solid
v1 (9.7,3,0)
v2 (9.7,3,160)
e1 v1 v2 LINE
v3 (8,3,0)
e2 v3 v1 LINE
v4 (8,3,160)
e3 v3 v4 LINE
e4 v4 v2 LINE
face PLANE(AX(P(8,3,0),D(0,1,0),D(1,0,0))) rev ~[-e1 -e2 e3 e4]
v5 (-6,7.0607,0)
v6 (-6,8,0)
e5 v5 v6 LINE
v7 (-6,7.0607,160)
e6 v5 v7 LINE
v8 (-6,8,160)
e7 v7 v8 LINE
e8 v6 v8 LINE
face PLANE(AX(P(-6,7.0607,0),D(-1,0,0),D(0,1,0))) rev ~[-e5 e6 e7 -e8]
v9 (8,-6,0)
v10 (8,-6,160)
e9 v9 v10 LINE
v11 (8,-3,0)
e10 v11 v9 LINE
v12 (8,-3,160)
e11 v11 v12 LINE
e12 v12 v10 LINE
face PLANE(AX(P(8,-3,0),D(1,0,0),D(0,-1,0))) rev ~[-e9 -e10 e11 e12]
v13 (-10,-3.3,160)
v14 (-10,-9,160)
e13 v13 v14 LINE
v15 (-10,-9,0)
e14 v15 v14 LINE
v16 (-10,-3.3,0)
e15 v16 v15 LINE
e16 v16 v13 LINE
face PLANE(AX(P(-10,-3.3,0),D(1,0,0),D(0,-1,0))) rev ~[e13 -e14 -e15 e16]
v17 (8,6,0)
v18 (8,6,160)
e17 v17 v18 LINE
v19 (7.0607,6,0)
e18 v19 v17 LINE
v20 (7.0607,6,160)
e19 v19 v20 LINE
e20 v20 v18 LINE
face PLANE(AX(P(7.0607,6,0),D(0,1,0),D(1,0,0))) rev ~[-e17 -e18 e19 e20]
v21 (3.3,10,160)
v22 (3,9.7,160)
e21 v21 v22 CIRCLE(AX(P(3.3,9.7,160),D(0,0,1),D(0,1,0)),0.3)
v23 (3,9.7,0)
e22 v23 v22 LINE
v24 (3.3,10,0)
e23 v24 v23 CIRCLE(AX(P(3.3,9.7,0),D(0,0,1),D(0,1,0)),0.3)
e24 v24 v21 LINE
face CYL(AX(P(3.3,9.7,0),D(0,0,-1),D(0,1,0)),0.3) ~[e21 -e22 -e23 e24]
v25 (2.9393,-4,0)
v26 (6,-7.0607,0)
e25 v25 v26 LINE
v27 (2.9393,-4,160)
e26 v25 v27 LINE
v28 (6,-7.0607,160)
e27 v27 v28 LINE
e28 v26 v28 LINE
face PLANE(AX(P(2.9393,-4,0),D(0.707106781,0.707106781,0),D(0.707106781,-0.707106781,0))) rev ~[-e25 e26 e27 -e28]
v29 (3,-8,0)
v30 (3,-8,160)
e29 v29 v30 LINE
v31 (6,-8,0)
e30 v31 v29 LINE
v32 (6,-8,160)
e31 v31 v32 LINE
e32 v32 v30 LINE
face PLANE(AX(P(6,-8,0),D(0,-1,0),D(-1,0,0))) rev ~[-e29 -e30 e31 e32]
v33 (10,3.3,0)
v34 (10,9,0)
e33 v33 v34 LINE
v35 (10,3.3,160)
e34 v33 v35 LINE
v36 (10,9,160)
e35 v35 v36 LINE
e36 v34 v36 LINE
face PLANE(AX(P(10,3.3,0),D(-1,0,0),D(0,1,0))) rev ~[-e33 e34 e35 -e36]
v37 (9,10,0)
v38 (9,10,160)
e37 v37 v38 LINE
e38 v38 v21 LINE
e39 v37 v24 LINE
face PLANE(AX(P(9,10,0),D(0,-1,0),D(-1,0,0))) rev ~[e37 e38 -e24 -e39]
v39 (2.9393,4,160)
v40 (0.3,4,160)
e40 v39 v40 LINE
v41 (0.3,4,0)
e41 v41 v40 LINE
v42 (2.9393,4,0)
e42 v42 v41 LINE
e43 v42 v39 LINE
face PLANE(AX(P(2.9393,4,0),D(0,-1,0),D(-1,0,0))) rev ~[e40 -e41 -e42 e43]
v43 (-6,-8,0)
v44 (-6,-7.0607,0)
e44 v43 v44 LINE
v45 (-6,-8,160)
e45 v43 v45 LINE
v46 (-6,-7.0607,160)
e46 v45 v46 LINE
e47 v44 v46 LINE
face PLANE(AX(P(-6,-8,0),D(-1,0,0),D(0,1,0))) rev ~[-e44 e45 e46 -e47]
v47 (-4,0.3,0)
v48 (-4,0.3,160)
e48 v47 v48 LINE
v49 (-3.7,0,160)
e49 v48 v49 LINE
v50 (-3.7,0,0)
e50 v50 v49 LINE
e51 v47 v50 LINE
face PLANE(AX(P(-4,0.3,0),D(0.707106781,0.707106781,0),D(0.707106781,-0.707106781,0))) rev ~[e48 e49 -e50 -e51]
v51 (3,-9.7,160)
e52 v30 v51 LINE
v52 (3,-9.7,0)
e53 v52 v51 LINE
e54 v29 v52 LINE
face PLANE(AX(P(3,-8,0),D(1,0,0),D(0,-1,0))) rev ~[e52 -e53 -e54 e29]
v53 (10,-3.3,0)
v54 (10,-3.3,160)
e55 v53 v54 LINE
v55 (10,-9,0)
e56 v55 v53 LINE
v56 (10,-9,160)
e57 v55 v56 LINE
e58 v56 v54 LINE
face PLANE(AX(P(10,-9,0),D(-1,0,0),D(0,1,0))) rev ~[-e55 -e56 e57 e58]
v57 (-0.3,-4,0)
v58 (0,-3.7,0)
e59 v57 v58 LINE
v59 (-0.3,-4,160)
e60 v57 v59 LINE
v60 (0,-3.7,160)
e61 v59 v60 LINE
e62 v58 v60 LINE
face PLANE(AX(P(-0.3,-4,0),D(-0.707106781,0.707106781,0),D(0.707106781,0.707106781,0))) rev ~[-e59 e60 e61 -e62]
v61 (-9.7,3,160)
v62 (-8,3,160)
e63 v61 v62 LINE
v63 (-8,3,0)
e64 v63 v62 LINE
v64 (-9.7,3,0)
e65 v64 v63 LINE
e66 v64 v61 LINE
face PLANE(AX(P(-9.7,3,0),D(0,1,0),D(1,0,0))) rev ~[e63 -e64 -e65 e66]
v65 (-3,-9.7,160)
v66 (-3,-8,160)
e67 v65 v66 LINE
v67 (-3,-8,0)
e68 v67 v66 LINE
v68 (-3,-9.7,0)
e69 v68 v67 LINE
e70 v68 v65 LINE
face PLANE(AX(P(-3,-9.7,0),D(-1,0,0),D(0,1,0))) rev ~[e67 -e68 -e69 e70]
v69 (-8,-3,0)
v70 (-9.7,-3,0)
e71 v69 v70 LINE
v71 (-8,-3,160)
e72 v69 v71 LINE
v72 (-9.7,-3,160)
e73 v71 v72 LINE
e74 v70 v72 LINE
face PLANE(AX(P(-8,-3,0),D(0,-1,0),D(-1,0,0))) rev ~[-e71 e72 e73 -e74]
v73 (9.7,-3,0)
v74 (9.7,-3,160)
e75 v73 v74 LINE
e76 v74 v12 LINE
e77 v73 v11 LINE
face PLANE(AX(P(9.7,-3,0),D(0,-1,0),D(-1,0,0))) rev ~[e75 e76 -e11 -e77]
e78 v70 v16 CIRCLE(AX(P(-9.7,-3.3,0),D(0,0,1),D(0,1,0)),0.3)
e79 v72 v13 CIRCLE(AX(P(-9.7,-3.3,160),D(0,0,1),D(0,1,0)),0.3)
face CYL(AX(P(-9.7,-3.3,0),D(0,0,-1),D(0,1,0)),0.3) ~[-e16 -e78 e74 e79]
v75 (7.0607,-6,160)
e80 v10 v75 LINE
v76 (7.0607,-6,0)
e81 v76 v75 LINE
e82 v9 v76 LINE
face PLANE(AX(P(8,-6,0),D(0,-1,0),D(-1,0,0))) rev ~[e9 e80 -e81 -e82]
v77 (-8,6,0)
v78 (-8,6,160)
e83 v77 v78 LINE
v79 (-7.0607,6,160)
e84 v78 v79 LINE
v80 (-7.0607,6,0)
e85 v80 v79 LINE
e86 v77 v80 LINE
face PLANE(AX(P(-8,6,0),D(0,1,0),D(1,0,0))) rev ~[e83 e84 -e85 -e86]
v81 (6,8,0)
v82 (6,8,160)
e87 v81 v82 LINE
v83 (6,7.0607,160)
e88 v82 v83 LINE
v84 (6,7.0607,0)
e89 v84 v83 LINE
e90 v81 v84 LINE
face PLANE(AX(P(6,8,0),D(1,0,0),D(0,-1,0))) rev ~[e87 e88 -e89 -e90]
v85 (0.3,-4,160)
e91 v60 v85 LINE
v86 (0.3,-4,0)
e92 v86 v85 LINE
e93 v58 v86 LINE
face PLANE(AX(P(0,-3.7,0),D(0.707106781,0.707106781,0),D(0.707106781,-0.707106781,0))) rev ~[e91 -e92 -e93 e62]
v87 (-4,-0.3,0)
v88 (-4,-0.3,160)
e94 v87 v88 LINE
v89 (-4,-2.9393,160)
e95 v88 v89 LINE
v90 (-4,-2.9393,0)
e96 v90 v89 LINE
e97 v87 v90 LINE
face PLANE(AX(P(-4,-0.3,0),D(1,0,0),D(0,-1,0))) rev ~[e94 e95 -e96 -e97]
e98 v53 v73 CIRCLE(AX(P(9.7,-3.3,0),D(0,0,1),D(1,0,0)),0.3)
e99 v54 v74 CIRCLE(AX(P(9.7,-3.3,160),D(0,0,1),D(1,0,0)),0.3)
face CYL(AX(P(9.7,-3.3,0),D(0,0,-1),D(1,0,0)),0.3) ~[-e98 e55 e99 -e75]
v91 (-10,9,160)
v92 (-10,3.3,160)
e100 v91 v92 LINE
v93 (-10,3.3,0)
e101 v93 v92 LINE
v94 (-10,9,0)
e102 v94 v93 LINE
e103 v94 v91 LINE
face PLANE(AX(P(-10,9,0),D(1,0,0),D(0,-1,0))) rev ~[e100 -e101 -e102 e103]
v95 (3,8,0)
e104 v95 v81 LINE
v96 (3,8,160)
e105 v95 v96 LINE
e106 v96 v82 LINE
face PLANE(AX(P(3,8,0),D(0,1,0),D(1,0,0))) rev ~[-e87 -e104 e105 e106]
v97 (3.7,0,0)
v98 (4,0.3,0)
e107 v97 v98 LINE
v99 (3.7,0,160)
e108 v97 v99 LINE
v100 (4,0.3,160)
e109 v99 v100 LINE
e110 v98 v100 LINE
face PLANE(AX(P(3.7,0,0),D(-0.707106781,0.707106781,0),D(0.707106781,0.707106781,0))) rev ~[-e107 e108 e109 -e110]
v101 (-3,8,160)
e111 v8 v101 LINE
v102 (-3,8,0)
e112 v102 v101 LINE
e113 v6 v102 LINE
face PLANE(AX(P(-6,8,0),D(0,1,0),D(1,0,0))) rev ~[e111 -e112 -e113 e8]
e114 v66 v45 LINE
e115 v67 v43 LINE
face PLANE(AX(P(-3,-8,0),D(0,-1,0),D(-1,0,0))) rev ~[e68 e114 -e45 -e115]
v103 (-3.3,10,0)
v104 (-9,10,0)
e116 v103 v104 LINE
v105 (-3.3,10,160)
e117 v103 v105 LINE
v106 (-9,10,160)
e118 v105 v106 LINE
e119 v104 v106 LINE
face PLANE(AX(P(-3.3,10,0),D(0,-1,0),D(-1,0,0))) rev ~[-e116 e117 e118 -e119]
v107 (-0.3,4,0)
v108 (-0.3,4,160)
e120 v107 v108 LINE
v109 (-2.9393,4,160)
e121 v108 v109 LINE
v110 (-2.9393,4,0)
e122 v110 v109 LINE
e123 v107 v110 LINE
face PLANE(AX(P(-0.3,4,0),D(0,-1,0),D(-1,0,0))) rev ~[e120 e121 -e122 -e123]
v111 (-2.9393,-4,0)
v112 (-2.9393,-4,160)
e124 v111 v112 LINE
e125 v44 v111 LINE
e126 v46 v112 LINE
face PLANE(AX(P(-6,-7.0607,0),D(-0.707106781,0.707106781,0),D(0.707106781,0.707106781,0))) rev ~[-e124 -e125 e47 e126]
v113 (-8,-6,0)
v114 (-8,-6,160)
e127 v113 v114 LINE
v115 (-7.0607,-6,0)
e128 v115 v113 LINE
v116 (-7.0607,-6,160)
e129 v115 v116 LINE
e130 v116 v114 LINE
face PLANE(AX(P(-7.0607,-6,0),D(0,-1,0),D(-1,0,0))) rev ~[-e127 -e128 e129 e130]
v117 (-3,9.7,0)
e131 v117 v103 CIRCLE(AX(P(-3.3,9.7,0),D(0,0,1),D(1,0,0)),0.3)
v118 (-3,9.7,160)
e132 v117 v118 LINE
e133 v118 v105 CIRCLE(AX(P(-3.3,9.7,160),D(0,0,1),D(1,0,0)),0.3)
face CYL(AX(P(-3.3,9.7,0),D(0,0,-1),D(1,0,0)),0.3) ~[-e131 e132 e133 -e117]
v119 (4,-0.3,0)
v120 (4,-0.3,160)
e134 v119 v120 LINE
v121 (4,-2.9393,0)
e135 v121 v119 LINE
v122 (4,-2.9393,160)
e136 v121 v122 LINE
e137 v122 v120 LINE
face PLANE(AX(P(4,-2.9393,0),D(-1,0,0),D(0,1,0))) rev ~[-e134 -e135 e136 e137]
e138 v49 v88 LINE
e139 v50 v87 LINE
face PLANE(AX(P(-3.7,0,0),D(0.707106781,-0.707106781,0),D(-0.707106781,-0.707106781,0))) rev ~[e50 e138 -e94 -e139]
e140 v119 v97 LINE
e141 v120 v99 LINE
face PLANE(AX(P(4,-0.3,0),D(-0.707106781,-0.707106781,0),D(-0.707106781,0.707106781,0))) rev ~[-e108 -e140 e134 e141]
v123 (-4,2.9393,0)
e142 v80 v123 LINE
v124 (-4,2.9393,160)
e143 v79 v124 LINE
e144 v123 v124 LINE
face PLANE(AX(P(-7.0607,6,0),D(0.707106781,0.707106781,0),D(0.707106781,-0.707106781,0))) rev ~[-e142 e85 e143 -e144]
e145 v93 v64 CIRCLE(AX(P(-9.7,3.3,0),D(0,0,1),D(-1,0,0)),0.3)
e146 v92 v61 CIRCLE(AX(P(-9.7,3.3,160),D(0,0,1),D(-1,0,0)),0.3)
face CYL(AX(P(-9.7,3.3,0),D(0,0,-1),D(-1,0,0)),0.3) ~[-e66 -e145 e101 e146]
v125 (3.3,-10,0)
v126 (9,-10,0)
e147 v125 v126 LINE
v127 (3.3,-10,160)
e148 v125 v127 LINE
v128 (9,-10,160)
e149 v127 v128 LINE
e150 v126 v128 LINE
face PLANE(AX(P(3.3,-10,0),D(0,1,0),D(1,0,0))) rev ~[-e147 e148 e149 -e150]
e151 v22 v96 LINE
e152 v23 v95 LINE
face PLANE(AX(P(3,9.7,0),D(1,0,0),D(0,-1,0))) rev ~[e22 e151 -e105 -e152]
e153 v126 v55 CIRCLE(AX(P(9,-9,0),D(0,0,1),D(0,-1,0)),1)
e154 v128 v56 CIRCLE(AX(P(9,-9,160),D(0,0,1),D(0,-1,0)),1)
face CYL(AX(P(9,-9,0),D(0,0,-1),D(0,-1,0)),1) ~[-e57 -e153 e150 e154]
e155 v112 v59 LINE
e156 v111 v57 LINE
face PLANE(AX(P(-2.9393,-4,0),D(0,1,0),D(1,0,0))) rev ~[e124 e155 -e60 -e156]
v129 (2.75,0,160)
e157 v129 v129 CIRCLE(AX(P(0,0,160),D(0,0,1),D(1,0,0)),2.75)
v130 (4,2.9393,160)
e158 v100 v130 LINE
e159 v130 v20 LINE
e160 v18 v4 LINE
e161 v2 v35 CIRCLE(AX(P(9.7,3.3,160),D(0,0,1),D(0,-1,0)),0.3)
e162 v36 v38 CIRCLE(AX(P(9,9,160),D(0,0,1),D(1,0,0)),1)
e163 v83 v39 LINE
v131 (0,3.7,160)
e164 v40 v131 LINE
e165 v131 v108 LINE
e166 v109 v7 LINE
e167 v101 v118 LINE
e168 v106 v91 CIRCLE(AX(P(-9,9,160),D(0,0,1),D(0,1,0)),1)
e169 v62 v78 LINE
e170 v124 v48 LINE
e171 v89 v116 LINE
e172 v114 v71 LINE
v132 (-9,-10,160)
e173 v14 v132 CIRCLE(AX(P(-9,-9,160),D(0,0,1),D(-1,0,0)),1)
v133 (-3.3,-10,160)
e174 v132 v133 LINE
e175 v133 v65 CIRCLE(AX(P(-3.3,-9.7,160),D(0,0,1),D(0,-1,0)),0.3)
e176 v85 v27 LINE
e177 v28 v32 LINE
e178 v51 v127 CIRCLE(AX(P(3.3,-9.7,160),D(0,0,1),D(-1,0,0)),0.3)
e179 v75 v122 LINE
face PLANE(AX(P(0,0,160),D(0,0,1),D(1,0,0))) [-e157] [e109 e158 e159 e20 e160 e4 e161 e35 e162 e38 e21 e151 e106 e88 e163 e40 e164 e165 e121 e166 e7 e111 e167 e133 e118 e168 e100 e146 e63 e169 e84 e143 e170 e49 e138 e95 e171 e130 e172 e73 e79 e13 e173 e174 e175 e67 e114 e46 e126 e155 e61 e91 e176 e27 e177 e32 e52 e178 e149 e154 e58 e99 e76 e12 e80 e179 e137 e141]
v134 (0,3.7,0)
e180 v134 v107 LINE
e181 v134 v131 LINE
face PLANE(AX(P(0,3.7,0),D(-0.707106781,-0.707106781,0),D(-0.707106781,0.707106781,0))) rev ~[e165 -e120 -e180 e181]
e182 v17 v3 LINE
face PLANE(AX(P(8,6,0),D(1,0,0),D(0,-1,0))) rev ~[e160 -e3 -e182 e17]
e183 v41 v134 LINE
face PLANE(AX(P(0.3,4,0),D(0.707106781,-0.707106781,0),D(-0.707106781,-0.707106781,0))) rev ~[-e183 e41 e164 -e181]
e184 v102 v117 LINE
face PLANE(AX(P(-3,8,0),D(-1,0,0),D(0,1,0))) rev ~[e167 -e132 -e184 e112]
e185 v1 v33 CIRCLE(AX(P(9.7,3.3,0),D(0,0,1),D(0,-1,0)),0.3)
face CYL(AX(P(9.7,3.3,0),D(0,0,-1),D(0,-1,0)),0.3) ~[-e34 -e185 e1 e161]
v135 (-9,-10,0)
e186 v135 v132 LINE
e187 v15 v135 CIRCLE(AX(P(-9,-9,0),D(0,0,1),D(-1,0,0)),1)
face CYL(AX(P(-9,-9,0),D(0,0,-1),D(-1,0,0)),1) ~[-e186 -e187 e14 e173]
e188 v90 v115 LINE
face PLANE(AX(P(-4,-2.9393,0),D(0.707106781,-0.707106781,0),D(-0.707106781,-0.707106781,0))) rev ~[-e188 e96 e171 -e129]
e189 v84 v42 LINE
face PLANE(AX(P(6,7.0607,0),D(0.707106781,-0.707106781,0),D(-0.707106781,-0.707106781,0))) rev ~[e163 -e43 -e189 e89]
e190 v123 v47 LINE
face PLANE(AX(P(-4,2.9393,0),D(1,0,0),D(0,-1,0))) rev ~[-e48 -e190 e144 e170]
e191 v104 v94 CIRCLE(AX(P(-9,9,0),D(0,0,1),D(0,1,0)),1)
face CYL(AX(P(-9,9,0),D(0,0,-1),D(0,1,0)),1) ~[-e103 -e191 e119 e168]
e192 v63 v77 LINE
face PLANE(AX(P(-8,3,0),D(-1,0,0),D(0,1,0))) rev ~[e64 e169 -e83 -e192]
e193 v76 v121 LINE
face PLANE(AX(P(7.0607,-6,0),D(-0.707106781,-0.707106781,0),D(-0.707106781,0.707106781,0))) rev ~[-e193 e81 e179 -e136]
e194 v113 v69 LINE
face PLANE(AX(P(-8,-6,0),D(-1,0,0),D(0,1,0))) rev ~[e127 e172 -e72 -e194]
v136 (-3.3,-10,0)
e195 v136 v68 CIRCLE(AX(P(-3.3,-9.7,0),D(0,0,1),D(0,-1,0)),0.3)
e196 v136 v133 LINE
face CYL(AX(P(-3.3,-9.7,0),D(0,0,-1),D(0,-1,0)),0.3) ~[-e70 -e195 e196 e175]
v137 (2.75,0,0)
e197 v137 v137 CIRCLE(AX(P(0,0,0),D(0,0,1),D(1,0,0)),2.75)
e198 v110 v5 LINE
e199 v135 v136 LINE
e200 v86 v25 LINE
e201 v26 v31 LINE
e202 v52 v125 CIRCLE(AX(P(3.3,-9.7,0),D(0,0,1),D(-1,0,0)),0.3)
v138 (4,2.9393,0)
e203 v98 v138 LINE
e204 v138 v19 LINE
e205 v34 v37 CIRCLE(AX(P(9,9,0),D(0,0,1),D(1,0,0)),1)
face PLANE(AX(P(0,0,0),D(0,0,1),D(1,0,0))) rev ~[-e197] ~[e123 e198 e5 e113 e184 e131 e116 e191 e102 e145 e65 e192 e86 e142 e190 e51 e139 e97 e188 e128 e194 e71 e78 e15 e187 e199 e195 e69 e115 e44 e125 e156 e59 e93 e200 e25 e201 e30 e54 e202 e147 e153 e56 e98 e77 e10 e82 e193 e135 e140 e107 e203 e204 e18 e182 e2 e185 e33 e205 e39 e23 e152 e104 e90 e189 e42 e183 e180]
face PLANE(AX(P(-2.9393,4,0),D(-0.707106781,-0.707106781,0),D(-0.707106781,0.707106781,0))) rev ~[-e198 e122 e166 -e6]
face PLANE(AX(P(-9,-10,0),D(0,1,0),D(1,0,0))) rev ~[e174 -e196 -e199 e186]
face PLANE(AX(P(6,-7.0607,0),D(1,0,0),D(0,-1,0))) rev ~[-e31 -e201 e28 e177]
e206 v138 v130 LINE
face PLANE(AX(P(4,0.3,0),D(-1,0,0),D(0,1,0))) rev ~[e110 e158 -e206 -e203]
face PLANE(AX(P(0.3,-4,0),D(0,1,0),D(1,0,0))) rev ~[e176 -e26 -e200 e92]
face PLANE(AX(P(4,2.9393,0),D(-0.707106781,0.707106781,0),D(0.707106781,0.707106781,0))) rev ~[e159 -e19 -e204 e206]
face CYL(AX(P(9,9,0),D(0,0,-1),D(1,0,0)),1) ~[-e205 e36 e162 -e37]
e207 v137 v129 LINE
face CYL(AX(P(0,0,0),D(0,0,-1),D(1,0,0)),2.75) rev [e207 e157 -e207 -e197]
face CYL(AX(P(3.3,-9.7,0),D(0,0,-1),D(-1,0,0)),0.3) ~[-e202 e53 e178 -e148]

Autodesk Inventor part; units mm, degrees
ref_plane "Startebene" through (0, 0, 0) normal (0, 0, 1) x (1, 0, 0)
ref_plane "Endebene" through (0, 0, 320) normal (0, 0, 1) x (1, 0, 0)
ref_plane "Startebene1" through (0, 0, 0) normal (0, 0, 1) x (1, 0, 0)
ref_plane "Endebene1" through (0, 0, 40) normal (0, 0, 1) x (1, 0, 0)
ref_plane "Startebene2" through (0, 0, 0) normal (0, 0, 1) x (1, 0, 0)
ref_plane "Endebene2" through (0, 0, 40) normal (0, 0, 1) x (1, 0, 0)
ref_plane "Startebene3" through (0, 0, 0) normal (0, 0, 1) x (1, 0, 0)
ref_plane "Endebene3" through (0, 0, 160) normal (0, 0, 1) x (1, 0, 0)
sketch "Skizze" plane through (0, 0, 0) normal (0, 0, 1) x (1, 0, 0)
  line L0 (-10, 9) -> (-10, 3.3)
  arc A0 (-10, 3.3) -> (-9.7, 3) centre (-9.7, 3.3) ccw
  line L1 (-9.7, 3) -> (-8, 3)
  line L2 (-8, 3) -> (-8, 6)
  line L3 (-8, 6) -> (-7.0607, 6)
  line L4 (-7.0607, 6) -> (-4, 2.9393)
  line L5 (-4, 2.9393) -> (-4, 0.3)
  line L6 (-4, 0.3) -> (-3.7, 0)
  line L7 (-3.7, 0) -> (-4, -0.3)
  line L8 (-4, -0.3) -> (-4, -2.9393)
  line L9 (-4, -2.9393) -> (-7.0607, -6)
  line L10 (-7.0607, -6) -> (-8, -6)
  line L11 (-8, -6) -> (-8, -3)
  line L12 (-8, -3) -> (-9.7, -3)
  arc A1 (-9.7, -3) -> (-10, -3.3) centre (-9.7, -3.3) ccw
  line L13 (-10, -3.3) -> (-10, -9)
  arc A2 (-10, -9) -> (-9, -10) centre (-9, -9) ccw
  line L14 (-9, -10) -> (-3.3, -10)
  arc A3 (-3.3, -10) -> (-3, -9.7) centre (-3.3, -9.7) ccw
  line L15 (-3, -9.7) -> (-3, -8)
  line L16 (-3, -8) -> (-6, -8)
  line L17 (-6, -8) -> (-6, -7.0607)
  line L18 (-6, -7.0607) -> (-2.9393, -4)
  line L19 (-2.9393, -4) -> (-0.3, -4)
  line L20 (-0.3, -4) -> (0, -3.7)
  line L21 (0, -3.7) -> (0.3, -4)
  line L22 (0.3, -4) -> (2.9393, -4)
  line L23 (2.9393, -4) -> (6, -7.0607)
  line L24 (6, -7.0607) -> (6, -8)
  line L25 (6, -8) -> (3, -8)
  line L26 (3, -8) -> (3, -9.7)
  arc A4 (3, -9.7) -> (3.3, -10) centre (3.3, -9.7) ccw
  line L27 (3.3, -10) -> (9, -10)
  arc A5 (9, -10) -> (10, -9) centre (9, -9) ccw
  line L28 (10, -9) -> (10, -3.3)
  arc A6 (10, -3.3) -> (9.7, -3) centre (9.7, -3.3) ccw
  line L29 (9.7, -3) -> (8, -3)
  line L30 (8, -3) -> (8, -6)
  line L31 (8, -6) -> (7.0607, -6)
  line L32 (7.0607, -6) -> (4, -2.9393)
  line L33 (4, -2.9393) -> (4, -0.3)
  line L34 (4, -0.3) -> (3.7, 0)
  line L35 (3.7, 0) -> (4, 0.3)
  line L36 (4, 0.3) -> (4, 2.9393)
  line L37 (4, 2.9393) -> (7.0607, 6)
  line L38 (7.0607, 6) -> (8, 6)
  line L39 (8, 6) -> (8, 3)
  line L40 (8, 3) -> (9.7, 3)
  arc A7 (9.7, 3) -> (10, 3.3) centre (9.7, 3.3) ccw
  line L41 (10, 3.3) -> (10, 9)
  arc A8 (10, 9) -> (9, 10) centre (9, 9) ccw
  line L42 (9, 10) -> (3.3, 10)
  arc A9 (3.3, 10) -> (3, 9.7) centre (3.3, 9.7) ccw
  line L43 (3, 9.7) -> (3, 8)
  line L44 (3, 8) -> (6, 8)
  line L45 (6, 8) -> (6, 7.0607)
  line L46 (6, 7.0607) -> (2.9393, 4)
  line L47 (2.9393, 4) -> (0.3, 4)
  line L48 (0.3, 4) -> (0, 3.7)
  line L49 (0, 3.7) -> (-0.3, 4)
  line L50 (-0.3, 4) -> (-2.9393, 4)
  line L51 (-2.9393, 4) -> (-6, 7.0607)
  line L52 (-6, 7.0607) -> (-6, 8)
  line L53 (-6, 8) -> (-3, 8)
  line L54 (-3, 8) -> (-3, 9.7)
  arc A10 (-3, 9.7) -> (-3.3, 10) centre (-3.3, 9.7) ccw
  line L55 (-3.3, 10) -> (-9, 10)
  arc A11 (-9, 10) -> (-10, 9) centre (-9, 9) ccw
  circle A12 centre (0, 0) radius 2.75
  dimension "d2" = 5.5
  dimension "d3" = 10
  dimension "d4" = 10
  dimension "d5" = 5.7
  dimension "d6" = 5.7
  dimension "d7" = 1.7
  dimension "d8" = 3
  dimension "d9" = 0.3
  dimension "d10" = 90
  dimension "d11" = 45
  dimension "d12" = 45
  dimension "d13" = 45
  dimension "d14" = 90
  dimension "d15" = 90
  dimension "d16" = 45
  dimension "d17" = 45
  dimension "d18" = 45
  dimension "d19" = 45
  dimension "d20" = 90
  dimension "d21" = 90
  dimension "d22" = 45
  dimension "d23" = 45
  dimension "d24" = 90
  dimension "d25" = 90
  dimension "d26" = 90
  dimension "d27" = 90
  dimension "d28" = 90
  dimension "d29" = 90
  dimension "d30" = 90
  dimension "d31" = 90
  dimension "d32" = 90
  dimension "d33" = 90
  dimension "d34" = 90
  dimension "d35" = 90
  dimension "d36" = 90
  dimension "d37" = 90
  dimension "d38" = 90
  dimension "d39" = 4
  dimension "d40" = 6
  dimension "d41" = 13
  dimension "d42" = 14
  dimension "d43" = 16
  dimension "d44" = 18
  dimension "d45" = 3
  dimension "d46" = 9
  dimension "d47" = 7
  dimension "d48" = 1
  dimension "d49" = 7
  dimension "d50" = 1.5
  dimension "d51" = 1.8663
  dimension "d52" = 3.3663
  dimension "d53" = 1.5
  dimension "d54" = 1.8663
  dimension "d55" = 3.3663
  dimension "d56" = 4
  dimension "d57" = 10.8187
  dimension "d58" = 1.9092
  dimension "d59" = 5
  dimension "d60" = 13
  dimension "d61" = 13
  dimension "d62" = 16.0513
  dimension "d63" = 3.3234
  dimension "d64" = 14
  dimension "d65" = 12.685
extrude "Körper" add sketch "Skizze" along normal up to surface (160 mm away) from surface at 0
sketch "Skizze21" plane through (0, 0, 0) normal (0, 0, 1) x (1, 0, 0)
  line L0 (0, 0) -> (10, 0)
ref_plane "Arbeitsebene18" through (0, 0, 0) normal (0, -1, 0) x (1, 0, 0)
sketch "Skizze22" plane through (0, 0, 0) normal (0, -1, 0) x (1, 0, 0)
  line L0 (-2, 0) -> (12, 0)
  line L1 (-2, 160) -> (12, 160)
  dimension "d80" = 160
equation "\"G_OFFSET_START\" = 0"
equation "\"G_OFFSET_END\" = 0"
equation "\"G_L\" = d80"
equation "\"G_OFFSET_START1\" = 0"
equation "\"G_OFFSET_END1\" = 0"
equation "\"G_OFFSET_START2\" = 0"
equation "\"G_OFFSET_END2\" = 0"
equation "\"G_OFFSET_START3\" = 0"
equation "\"G_OFFSET_END3\" = 0"
properties part number "Alu Profil 20x20 - AP2020"
